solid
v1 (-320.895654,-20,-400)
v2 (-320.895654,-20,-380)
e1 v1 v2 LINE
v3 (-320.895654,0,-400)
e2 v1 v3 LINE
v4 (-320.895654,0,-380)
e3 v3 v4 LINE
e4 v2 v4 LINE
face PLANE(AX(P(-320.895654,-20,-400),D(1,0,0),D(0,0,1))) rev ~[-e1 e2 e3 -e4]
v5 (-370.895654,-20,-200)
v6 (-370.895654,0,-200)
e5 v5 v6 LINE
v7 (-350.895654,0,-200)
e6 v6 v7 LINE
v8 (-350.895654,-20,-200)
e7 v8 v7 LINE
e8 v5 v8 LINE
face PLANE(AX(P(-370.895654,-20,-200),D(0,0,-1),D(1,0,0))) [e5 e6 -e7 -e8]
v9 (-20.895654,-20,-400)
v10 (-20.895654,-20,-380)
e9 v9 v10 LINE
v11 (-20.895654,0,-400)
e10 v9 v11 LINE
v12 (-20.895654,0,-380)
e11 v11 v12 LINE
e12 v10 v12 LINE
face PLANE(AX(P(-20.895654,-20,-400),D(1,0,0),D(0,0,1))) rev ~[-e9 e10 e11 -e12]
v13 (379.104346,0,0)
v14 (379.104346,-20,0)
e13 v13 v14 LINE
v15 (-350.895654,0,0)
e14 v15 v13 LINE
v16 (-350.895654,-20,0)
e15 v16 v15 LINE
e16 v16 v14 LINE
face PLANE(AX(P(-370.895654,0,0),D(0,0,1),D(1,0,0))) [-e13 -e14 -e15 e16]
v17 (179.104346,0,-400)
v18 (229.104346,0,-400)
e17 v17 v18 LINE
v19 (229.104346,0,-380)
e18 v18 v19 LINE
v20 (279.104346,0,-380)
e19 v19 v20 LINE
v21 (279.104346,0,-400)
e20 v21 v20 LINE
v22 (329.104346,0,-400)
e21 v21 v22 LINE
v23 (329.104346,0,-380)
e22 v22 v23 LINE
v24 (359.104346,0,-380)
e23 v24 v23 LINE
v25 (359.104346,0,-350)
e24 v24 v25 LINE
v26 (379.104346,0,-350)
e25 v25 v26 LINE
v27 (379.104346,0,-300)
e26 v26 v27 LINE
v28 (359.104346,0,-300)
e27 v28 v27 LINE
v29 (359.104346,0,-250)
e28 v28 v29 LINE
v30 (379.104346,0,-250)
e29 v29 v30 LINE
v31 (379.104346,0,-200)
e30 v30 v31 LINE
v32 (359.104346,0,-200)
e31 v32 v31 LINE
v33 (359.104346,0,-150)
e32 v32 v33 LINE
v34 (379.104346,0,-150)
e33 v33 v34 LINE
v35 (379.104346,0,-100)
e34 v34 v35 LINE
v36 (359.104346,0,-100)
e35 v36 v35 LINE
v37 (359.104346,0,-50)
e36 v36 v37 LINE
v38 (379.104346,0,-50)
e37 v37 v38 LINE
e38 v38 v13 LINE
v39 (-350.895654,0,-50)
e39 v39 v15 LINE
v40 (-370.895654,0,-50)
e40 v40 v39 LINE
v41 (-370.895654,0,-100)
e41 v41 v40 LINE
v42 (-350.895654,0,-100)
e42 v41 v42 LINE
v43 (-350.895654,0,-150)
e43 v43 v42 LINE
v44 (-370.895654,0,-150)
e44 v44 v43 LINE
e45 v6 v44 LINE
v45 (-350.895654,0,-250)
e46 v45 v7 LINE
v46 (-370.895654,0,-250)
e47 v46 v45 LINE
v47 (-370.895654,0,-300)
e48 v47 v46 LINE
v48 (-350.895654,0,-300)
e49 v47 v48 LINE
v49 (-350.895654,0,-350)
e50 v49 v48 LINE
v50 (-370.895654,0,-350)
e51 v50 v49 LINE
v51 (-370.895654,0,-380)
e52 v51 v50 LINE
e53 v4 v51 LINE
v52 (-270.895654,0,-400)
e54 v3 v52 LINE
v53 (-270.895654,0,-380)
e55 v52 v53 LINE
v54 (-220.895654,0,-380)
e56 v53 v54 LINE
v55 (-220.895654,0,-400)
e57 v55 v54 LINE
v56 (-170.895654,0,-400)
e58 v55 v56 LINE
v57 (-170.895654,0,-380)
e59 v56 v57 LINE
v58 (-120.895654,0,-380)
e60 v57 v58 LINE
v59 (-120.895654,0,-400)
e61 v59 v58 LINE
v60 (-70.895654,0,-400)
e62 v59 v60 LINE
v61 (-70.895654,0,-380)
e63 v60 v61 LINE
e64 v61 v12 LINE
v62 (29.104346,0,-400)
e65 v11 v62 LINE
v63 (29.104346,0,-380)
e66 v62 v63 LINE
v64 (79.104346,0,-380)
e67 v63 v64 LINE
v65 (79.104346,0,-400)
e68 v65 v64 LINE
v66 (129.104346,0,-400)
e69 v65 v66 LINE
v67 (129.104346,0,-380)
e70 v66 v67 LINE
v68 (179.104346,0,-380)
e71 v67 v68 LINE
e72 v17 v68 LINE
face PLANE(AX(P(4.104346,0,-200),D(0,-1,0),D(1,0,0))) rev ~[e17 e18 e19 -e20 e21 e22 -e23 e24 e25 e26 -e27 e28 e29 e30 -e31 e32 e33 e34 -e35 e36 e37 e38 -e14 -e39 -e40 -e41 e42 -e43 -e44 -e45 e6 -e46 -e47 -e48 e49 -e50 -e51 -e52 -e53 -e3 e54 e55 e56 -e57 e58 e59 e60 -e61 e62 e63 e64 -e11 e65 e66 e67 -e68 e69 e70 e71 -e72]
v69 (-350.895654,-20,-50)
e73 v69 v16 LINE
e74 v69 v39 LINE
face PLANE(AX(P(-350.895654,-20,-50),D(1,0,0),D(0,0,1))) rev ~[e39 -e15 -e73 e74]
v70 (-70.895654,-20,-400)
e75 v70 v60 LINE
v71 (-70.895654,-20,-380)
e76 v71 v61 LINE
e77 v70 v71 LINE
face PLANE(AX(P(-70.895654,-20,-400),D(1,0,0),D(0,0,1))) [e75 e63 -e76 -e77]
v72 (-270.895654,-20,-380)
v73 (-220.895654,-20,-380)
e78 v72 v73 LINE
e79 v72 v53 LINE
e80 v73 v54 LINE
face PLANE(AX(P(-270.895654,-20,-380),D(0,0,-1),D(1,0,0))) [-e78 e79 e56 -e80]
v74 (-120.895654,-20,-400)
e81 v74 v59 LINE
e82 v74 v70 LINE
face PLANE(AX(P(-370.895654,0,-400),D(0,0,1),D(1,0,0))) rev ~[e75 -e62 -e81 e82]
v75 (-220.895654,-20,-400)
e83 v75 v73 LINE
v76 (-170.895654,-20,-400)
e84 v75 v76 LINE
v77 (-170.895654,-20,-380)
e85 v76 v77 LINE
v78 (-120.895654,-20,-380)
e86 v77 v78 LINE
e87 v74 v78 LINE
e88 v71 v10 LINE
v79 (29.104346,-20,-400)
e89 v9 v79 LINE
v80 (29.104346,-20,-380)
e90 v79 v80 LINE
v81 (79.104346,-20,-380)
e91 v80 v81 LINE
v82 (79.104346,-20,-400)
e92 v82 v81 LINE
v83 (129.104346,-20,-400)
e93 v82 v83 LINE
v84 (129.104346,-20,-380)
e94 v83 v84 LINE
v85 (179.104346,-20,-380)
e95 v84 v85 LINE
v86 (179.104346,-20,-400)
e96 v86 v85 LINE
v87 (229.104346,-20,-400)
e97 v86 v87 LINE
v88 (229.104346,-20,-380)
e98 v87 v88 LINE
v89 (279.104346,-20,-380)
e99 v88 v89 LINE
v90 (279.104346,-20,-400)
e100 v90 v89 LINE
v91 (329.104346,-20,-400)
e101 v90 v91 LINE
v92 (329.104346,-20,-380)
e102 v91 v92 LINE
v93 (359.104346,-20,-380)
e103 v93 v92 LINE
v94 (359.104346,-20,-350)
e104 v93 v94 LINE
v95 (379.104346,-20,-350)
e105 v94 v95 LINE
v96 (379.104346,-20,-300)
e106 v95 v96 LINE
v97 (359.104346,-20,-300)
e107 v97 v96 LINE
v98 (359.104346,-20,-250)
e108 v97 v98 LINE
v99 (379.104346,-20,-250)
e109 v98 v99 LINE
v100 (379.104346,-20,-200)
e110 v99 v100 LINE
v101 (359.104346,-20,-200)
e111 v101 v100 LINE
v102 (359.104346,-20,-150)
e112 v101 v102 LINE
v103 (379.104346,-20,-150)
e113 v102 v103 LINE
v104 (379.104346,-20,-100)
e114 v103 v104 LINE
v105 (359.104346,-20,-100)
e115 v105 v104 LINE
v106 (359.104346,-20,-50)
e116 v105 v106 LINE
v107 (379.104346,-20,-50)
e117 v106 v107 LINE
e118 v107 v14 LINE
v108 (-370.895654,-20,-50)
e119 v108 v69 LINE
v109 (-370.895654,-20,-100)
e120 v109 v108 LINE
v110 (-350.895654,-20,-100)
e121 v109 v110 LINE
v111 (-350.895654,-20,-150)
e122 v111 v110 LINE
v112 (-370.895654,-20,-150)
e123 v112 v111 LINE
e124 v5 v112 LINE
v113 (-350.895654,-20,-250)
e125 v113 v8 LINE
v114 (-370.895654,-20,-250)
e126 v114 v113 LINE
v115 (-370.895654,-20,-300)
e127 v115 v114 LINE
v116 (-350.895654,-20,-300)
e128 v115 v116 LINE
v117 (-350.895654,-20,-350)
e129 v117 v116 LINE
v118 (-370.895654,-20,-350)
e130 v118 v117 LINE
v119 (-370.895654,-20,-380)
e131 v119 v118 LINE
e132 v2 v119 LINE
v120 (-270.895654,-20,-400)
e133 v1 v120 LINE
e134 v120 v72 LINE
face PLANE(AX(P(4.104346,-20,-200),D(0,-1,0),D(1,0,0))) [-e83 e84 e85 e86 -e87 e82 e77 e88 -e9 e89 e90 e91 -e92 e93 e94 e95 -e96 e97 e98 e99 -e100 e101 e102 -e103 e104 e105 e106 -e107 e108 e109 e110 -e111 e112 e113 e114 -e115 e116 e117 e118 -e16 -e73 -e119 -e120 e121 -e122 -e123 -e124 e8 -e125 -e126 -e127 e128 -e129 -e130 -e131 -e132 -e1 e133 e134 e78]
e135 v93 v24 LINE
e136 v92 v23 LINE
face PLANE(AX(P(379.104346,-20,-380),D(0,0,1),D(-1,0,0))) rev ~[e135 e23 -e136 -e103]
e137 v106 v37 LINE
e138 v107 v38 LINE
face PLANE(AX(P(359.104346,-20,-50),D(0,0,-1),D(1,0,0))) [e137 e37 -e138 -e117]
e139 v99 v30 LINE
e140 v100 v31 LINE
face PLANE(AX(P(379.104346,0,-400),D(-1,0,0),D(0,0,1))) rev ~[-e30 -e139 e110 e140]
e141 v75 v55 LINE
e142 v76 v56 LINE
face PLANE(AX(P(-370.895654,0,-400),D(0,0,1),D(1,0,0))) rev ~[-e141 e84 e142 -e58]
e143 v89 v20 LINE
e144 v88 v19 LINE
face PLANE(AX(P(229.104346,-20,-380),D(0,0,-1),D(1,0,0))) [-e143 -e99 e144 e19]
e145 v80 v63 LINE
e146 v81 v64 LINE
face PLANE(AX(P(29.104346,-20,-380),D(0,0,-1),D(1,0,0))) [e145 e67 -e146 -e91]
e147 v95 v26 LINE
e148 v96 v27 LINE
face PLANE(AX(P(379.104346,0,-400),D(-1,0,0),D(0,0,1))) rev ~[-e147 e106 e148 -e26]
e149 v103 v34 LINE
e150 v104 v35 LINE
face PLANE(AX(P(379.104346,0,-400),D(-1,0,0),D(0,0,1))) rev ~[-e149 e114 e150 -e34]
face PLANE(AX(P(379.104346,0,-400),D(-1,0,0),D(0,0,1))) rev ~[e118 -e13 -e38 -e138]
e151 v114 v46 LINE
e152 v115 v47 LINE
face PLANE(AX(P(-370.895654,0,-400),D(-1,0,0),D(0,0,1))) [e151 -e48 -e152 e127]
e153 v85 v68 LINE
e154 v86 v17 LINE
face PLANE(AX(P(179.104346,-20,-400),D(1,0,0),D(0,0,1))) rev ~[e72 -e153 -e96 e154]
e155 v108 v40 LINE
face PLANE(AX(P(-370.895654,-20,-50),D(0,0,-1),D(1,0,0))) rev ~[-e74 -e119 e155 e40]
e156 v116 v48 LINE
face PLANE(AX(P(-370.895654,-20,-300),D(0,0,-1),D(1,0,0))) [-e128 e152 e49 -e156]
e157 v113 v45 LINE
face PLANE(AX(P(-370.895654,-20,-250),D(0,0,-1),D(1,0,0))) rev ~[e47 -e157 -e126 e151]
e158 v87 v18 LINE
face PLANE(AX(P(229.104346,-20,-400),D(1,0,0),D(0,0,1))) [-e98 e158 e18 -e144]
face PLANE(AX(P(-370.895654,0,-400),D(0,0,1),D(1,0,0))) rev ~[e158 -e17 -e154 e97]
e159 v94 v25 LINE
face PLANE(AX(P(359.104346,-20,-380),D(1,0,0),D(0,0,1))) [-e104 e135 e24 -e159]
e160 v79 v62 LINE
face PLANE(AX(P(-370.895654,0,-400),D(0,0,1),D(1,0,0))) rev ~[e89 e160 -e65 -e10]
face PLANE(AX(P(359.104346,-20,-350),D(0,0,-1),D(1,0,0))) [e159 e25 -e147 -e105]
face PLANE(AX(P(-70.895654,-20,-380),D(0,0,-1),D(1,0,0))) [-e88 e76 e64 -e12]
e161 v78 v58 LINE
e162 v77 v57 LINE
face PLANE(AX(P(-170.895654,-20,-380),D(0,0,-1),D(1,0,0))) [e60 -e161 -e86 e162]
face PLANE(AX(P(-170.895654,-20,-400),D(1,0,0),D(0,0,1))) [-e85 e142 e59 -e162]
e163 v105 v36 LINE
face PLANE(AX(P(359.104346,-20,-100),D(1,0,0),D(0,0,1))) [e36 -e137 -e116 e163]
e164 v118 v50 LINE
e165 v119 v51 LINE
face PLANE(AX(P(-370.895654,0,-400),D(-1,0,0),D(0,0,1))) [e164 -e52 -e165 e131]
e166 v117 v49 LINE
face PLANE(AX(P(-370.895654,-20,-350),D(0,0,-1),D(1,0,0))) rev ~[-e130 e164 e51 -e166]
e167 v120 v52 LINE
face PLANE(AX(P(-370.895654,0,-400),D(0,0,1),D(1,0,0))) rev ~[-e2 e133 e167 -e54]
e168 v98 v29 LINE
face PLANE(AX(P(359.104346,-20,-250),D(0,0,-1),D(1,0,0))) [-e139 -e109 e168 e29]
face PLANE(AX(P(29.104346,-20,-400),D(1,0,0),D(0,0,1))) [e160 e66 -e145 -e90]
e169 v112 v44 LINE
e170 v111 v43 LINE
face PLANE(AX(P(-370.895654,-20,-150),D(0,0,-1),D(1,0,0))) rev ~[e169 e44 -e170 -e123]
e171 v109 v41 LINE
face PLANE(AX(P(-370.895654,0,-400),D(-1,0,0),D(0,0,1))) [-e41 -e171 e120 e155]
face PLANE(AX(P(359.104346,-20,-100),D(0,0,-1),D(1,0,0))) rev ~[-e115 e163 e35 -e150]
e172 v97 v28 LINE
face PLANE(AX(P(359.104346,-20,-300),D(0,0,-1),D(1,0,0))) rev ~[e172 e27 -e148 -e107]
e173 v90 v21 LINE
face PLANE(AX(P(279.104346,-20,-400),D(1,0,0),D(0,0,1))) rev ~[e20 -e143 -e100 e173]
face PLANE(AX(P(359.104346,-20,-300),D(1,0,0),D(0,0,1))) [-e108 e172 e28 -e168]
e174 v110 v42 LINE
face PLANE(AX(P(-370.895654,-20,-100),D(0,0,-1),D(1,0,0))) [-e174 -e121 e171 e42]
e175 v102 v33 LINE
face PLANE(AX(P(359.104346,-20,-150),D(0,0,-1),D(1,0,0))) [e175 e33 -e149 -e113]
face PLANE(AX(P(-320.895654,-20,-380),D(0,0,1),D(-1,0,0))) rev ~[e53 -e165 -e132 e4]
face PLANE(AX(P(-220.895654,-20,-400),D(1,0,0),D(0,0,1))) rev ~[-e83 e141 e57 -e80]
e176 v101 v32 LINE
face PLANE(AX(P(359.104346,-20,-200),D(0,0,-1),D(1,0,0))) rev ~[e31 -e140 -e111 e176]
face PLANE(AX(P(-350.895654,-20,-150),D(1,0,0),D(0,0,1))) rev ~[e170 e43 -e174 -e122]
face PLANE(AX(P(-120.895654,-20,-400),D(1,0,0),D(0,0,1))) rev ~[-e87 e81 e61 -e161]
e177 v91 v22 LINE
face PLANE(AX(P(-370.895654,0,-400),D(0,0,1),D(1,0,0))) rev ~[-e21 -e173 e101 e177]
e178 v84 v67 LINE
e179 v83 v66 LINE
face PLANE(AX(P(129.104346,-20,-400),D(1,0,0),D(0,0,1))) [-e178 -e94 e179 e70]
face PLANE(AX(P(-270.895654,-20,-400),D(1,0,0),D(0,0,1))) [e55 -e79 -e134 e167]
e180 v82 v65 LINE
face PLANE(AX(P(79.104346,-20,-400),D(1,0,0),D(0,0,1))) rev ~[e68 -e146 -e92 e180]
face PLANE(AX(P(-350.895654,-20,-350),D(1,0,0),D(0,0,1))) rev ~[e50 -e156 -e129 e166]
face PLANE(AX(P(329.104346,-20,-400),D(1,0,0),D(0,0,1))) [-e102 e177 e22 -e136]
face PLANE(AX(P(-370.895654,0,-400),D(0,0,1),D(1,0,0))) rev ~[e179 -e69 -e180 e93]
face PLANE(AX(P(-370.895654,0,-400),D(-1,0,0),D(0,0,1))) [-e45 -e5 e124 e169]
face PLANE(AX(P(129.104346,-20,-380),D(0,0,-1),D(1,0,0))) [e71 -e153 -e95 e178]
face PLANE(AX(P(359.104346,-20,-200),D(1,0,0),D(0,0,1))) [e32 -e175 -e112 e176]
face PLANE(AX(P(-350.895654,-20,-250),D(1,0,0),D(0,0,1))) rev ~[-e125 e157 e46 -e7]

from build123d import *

# Parameters (mm, degrees)
F0_W     = 750
F0_H     = 400
F1_DEPTH = 20
F2_W     = 20
F2_H     = 50
F2_H_2   = 30
F3_DEPTH = 20
F2_H_3   = 20
F2_W_2   = 30
F2_W_3   = 50
F4_DEPTH = 20


with BuildPart() as f1:
    # F0 (on Front) → F1 (new body)
    with BuildSketch(Plane.XZ):
        with Locations((4.104346, -200)):
            Rectangle(F0_W, F0_H)
    extrude(amount=F1_DEPTH)

    # F2 (on face) → F3 (cut)
    with BuildSketch(Plane.XZ.offset(20)):
        with Locations((-360.895654, -25)):
            Rectangle(F2_W, F2_H)
        with Locations((-360.895654, -125)):
            Rectangle(F2_W, F2_H)
        with Locations((-360.895654, -225)):
            Rectangle(F2_W, F2_H)
        with Locations((-360.895654, -325)):
            Rectangle(F2_W, F2_H)
        with Locations((369.104346, -365)):
            Rectangle(F2_W, F2_H_2)
        with Locations((369.104346, -275)):
            Rectangle(F2_W, F2_H)
        with Locations((369.104346, -175)):
            Rectangle(F2_W, F2_H)
        with Locations((369.104346, -75)):
            Rectangle(F2_W, F2_H)
    extrude(amount=-F3_DEPTH, mode=Mode.SUBTRACT)

    # F2 (on face) → F4 (cut)
    with BuildSketch(Plane.XZ.offset(20)):
        with Locations((-360.895654, -390)):
            Rectangle(F2_W, F2_H_3)
        with Locations((-335.895654, -390)):
            Rectangle(F2_W_2, F2_H_3)
        with Locations((-245.895654, -390)):
            Rectangle(F2_W_3, F2_H_3)
        with Locations((-145.895654, -390)):
            Rectangle(F2_W_3, F2_H_3)
        with Locations((-45.895654, -390)):
            Rectangle(F2_W_3, F2_H_3)
        with Locations((54.104346, -390)):
            Rectangle(F2_W_3, F2_H_3)
        with Locations((154.104346, -390)):
            Rectangle(F2_W_3, F2_H_3)
        with Locations((254.104346, -390)):
            Rectangle(F2_W_3, F2_H_3)
        with Locations((344.104346, -390)):
            Rectangle(F2_W_2, F2_H_3)
        with Locations((369.104346, -390)):
            Rectangle(F2_W, F2_H_3)
    extrude(amount=-F4_DEPTH, mode=Mode.SUBTRACT)


solid = f1.part
